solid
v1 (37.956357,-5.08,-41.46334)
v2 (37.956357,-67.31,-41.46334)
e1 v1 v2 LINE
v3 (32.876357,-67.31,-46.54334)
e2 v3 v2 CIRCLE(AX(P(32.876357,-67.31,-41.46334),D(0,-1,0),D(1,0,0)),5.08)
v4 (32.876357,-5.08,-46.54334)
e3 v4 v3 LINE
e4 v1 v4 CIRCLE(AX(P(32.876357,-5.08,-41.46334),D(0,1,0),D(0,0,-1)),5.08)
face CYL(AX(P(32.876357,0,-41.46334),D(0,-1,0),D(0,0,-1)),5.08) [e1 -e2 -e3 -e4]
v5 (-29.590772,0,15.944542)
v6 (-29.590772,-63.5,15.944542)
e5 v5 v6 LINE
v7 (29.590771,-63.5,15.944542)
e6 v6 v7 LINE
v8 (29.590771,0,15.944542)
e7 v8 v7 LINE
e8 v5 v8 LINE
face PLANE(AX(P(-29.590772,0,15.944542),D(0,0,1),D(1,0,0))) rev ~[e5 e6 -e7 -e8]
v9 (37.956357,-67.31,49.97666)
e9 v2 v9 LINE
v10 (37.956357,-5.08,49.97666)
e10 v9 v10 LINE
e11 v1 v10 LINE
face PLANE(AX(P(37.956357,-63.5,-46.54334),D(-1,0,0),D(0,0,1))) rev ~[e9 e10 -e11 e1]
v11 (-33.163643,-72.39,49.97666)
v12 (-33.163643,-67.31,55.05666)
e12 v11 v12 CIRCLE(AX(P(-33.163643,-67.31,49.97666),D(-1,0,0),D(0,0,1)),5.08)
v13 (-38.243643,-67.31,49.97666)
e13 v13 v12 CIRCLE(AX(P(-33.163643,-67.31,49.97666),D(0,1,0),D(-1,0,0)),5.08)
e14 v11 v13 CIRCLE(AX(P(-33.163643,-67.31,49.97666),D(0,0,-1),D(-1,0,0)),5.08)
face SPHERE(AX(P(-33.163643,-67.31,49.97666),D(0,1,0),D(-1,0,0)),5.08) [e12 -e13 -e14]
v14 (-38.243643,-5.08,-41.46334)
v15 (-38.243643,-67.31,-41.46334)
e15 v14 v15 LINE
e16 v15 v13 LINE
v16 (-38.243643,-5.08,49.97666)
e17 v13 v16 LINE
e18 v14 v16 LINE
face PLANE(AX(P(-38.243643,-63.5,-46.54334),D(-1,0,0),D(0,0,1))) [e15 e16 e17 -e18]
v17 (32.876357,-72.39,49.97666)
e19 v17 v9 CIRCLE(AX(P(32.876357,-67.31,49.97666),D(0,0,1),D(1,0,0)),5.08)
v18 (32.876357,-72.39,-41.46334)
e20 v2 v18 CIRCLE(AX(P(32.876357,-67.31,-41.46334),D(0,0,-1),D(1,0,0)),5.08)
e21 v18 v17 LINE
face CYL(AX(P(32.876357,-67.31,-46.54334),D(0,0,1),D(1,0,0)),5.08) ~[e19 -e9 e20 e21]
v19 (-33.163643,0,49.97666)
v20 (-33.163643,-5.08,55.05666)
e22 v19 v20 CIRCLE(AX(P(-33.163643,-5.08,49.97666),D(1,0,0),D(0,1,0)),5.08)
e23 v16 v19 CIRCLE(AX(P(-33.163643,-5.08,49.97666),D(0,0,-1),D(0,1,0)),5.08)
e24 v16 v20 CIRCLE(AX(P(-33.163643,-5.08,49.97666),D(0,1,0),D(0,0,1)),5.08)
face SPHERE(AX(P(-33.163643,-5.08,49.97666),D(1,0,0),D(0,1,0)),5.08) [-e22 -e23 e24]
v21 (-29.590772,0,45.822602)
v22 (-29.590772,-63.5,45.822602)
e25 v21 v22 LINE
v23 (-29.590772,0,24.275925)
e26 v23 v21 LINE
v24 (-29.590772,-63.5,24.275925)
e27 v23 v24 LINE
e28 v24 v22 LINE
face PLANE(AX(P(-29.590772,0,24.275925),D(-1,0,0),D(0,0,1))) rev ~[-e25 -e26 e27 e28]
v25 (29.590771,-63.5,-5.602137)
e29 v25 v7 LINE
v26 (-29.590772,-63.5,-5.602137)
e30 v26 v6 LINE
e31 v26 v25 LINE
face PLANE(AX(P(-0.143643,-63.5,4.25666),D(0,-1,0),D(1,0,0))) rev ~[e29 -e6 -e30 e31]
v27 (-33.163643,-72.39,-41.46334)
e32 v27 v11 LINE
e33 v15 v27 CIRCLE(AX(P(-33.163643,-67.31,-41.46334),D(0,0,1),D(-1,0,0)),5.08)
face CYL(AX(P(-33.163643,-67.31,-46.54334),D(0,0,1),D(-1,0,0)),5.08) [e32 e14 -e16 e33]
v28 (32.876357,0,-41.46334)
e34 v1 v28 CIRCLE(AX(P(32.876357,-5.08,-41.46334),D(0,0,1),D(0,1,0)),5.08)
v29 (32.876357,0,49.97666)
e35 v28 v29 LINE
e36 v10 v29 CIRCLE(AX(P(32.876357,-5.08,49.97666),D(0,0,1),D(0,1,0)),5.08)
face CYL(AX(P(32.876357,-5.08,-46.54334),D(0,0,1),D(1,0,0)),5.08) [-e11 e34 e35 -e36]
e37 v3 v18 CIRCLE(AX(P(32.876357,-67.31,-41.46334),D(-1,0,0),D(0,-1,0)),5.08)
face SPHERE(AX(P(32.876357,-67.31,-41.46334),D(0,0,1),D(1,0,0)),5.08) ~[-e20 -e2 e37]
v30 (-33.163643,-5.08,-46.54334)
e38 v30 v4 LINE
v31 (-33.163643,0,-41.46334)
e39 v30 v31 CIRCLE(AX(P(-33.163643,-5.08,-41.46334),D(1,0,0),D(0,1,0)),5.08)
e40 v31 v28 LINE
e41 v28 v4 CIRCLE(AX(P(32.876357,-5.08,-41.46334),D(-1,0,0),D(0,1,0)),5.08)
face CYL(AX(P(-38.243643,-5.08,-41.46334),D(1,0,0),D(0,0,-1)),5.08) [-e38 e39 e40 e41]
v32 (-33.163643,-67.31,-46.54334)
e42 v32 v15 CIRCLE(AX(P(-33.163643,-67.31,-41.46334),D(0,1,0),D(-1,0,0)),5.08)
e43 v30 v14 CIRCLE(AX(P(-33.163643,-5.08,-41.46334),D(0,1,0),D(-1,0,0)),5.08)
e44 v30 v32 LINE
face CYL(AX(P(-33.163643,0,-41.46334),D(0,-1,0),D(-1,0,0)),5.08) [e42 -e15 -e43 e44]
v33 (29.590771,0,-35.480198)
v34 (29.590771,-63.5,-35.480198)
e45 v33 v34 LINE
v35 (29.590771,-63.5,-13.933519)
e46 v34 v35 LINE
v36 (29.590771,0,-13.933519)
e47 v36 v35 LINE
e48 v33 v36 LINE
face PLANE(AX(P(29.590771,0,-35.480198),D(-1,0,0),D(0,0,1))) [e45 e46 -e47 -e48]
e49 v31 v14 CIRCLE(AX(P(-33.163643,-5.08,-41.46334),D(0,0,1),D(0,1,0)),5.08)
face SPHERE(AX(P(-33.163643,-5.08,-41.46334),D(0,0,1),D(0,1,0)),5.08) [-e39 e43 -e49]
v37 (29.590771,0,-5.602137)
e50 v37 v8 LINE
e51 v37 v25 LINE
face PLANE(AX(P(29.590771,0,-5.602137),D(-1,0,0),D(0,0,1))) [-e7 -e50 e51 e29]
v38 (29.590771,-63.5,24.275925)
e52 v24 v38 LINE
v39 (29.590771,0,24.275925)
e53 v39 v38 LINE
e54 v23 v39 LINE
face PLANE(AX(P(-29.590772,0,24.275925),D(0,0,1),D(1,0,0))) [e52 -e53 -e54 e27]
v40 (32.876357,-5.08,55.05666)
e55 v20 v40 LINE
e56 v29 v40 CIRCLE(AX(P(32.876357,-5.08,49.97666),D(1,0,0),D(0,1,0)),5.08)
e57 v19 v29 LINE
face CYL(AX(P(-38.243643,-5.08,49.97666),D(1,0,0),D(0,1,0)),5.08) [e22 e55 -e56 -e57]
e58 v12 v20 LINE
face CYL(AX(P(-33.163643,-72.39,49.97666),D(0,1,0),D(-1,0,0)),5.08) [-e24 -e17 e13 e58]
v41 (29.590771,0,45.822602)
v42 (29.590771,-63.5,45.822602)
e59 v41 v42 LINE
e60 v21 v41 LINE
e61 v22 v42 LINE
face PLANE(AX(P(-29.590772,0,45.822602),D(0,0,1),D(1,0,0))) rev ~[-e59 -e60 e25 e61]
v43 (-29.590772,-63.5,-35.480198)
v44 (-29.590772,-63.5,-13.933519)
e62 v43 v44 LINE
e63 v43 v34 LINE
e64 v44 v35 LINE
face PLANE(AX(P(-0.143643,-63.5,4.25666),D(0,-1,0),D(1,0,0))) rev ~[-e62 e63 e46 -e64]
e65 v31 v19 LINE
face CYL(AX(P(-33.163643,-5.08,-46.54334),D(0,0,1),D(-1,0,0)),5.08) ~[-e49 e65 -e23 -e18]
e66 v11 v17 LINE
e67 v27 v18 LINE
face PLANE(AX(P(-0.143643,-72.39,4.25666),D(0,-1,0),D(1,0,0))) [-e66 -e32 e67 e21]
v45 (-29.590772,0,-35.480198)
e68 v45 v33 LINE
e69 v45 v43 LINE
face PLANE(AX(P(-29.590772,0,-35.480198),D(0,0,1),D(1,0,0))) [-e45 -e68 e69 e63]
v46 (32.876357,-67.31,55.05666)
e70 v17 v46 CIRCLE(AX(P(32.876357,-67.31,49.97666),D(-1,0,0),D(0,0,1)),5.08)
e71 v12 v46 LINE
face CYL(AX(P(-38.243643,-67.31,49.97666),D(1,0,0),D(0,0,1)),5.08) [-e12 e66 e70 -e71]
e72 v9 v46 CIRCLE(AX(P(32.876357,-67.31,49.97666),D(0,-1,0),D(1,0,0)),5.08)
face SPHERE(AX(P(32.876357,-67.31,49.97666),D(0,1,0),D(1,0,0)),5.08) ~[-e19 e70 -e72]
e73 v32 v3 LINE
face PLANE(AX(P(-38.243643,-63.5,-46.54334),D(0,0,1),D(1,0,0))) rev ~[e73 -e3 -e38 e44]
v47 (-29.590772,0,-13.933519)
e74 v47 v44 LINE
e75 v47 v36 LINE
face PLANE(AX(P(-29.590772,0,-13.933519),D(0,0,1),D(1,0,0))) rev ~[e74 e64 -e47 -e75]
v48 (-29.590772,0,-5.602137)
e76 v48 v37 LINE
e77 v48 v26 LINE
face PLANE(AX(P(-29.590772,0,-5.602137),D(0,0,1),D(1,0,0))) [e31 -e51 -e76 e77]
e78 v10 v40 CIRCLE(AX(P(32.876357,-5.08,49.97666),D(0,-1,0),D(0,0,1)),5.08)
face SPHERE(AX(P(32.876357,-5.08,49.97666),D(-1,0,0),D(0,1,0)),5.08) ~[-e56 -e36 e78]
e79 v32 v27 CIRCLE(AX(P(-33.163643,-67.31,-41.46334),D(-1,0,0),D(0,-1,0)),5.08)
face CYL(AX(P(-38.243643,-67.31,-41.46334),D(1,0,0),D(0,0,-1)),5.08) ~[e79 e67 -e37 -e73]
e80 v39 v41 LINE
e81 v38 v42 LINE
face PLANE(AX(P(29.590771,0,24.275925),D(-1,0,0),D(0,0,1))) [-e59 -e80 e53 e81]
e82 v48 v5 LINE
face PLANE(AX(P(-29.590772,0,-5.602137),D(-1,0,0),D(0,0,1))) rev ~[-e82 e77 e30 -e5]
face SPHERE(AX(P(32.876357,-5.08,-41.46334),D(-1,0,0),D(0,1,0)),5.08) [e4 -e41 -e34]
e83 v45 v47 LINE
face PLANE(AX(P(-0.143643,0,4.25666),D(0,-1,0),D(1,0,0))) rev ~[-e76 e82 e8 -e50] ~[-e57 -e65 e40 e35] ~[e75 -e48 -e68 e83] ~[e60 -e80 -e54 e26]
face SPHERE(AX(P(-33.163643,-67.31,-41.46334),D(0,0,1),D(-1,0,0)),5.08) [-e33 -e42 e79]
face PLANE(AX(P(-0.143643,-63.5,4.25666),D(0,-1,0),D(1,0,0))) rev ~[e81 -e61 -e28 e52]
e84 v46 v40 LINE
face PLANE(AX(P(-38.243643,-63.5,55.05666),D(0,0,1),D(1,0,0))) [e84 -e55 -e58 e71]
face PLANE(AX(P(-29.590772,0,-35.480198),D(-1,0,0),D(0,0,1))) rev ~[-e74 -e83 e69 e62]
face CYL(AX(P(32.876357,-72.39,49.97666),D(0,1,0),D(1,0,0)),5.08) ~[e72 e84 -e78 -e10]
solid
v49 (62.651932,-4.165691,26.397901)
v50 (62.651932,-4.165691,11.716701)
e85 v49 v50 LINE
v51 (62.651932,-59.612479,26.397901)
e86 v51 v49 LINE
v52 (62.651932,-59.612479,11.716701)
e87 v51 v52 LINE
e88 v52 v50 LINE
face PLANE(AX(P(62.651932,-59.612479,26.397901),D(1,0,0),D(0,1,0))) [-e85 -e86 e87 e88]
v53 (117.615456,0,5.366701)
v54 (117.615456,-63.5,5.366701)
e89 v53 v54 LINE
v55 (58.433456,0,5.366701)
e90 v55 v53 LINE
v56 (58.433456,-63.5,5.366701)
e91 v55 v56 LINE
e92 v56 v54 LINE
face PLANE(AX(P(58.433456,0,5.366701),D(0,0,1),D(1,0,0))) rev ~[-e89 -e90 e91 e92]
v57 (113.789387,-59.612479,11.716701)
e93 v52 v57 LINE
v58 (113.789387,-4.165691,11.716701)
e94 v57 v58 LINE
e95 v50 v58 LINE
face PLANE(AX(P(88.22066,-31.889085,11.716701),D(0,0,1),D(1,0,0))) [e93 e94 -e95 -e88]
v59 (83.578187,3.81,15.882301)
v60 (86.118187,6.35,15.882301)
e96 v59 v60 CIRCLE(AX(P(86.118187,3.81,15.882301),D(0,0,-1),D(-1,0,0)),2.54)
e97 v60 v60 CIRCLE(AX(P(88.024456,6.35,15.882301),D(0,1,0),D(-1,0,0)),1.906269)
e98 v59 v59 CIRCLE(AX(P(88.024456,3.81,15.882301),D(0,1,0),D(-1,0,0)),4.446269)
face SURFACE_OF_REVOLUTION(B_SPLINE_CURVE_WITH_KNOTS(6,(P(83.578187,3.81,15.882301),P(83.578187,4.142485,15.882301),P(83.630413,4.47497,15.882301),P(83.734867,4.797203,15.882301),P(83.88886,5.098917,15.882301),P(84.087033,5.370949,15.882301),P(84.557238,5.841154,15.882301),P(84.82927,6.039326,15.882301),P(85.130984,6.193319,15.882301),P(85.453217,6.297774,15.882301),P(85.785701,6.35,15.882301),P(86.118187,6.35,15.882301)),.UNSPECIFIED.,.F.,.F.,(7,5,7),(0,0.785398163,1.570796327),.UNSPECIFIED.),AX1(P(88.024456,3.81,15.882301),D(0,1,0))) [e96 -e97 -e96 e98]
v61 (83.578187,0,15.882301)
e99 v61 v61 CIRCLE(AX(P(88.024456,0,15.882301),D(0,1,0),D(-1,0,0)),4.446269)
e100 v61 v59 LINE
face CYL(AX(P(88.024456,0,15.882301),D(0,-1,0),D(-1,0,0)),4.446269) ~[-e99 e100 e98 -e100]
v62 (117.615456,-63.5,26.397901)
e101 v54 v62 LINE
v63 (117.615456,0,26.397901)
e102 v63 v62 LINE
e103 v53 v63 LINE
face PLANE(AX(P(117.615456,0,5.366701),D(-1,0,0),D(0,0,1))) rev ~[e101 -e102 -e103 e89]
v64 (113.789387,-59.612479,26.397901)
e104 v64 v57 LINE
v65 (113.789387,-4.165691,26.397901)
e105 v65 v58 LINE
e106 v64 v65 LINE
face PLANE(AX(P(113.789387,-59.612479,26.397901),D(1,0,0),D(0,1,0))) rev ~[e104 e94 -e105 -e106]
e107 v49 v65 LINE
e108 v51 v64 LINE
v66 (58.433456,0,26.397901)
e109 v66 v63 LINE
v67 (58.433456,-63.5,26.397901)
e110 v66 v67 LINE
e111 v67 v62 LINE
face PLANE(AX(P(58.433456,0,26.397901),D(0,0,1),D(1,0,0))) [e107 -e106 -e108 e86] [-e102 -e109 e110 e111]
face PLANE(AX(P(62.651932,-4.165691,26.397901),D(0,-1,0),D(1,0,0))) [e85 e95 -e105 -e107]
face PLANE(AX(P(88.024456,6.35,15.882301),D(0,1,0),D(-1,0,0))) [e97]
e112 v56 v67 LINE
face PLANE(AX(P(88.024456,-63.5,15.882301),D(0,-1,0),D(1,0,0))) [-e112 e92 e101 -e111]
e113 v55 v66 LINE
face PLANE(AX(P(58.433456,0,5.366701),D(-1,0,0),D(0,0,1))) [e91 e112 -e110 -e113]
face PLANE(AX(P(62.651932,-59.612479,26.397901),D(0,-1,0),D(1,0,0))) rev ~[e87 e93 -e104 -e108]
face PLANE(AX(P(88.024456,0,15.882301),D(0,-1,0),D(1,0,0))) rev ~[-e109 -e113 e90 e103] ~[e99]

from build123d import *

# Parameters (mm, degrees)
F0_W      = 76.2
F0_H      = 101.6
F0_W_2    = 59.1815430671
F0_H_2    = 21.5466786176
F0_H_3    = 21.5466790833
F0_H_4    = 21.546676755
F1_DEPTH  = 63.5
F2_W      = 76.2
F2_H      = 101.6
F3_DEPTH  = 8.89
F4_W      = 59.182
F4_H      = 21.0312
F5_DEPTH  = 63.5
F6_T      = -6.35
F7_W      = 51.1374548078
F7_H      = 55.4467877373
F8_DEPTH  = 14.6812
F9_R      = 4.4462693539
F10_DEPTH = 6.35
F11_R     = 2.54
F12_R     = 5.08


with BuildPart() as f1:
    # F0 (on Front) → F1 (new body)
    with BuildSketch(Plane.XZ):
        with Locations((-0.1436434686, 4.2566598623)):
            Rectangle(F0_W, F0_H)
        with Locations((-9.313e-07, -24.7068582103)):
            Rectangle(F0_W_2, F0_H_2, mode=Mode.SUBTRACT)
        with Locations((-9.313e-07, 5.1712028217)):
            Rectangle(F0_W_2, F0_H_3, mode=Mode.SUBTRACT)
        with Locations((-9.313e-07, 35.0492633879)):
            Rectangle(F0_W_2, F0_H_4, mode=Mode.SUBTRACT)
    extrude(amount=F1_DEPTH)

    # F2 (on face) → F3 (join)
    with BuildSketch(Plane.XZ.offset(63.5)):
        with Locations((-0.1436434686, 4.2566598623)):
            Rectangle(F2_W, F2_H)
    extrude(amount=F3_DEPTH)

    # F12
    f12_edges = [f1.edges().sort_by_distance(p)[0] for p in [
        (-0.143643, 0, 55.05666),
        (-38.243643, 0, 4.25666),
        (-0.143643, 0, -46.54334),
        (37.956357, 0, 4.25666),
        (-38.243643, -36.195, 55.05666),
        (-38.243643, -72.39, 4.25666),
        (-38.243643, -36.195, -46.54334),
        (37.956357, -36.195, 55.05666),
        (37.956357, -72.39, 4.25666),
        (37.956357, -36.195, -46.54334),
        (-0.143643, -72.39, 55.05666),
        (-0.143643, -72.39, -46.54334),
    ]]
    fillet(f12_edges, radius=F12_R)


with BuildPart() as f5:
    # F4 (on Front) → F5 (new body)
    with BuildSketch(Plane.XZ):
        with Locations((88.024456054, 15.882300658)):
            Rectangle(F4_W, F4_H)
    extrude(amount=F5_DEPTH)

    # F6 (hollow: no face is removed)
    offset(amount=F6_T, mode=Mode.SUBTRACT)

    # F7 (on face) → F8 (cut)
    with BuildSketch(Plane.XY.offset(26.397900658)):
        with Locations((88.2206596434, -31.8890851922)):
            Rectangle(F7_W, F7_H)
    extrude(amount=-F8_DEPTH, mode=Mode.SUBTRACT)

    # F9 (on face) → F10 (join)
    with BuildSketch(Plane(origin=(0, 0, 0), x_dir=(-1, 0, 0), z_dir=(0, 1, 0))):
        with Locations((-88.024456054, 15.882300658)):
            Circle(F9_R)
    extrude(amount=F10_DEPTH)

    # F11
    f11_edges = [f5.edges().sort_by_distance(p)[0] for p in [
        (92.470725, 6.35, 15.882301),
    ]]
    fillet(f11_edges, radius=F11_R)


solid = Compound([f1.part, f5.part])
